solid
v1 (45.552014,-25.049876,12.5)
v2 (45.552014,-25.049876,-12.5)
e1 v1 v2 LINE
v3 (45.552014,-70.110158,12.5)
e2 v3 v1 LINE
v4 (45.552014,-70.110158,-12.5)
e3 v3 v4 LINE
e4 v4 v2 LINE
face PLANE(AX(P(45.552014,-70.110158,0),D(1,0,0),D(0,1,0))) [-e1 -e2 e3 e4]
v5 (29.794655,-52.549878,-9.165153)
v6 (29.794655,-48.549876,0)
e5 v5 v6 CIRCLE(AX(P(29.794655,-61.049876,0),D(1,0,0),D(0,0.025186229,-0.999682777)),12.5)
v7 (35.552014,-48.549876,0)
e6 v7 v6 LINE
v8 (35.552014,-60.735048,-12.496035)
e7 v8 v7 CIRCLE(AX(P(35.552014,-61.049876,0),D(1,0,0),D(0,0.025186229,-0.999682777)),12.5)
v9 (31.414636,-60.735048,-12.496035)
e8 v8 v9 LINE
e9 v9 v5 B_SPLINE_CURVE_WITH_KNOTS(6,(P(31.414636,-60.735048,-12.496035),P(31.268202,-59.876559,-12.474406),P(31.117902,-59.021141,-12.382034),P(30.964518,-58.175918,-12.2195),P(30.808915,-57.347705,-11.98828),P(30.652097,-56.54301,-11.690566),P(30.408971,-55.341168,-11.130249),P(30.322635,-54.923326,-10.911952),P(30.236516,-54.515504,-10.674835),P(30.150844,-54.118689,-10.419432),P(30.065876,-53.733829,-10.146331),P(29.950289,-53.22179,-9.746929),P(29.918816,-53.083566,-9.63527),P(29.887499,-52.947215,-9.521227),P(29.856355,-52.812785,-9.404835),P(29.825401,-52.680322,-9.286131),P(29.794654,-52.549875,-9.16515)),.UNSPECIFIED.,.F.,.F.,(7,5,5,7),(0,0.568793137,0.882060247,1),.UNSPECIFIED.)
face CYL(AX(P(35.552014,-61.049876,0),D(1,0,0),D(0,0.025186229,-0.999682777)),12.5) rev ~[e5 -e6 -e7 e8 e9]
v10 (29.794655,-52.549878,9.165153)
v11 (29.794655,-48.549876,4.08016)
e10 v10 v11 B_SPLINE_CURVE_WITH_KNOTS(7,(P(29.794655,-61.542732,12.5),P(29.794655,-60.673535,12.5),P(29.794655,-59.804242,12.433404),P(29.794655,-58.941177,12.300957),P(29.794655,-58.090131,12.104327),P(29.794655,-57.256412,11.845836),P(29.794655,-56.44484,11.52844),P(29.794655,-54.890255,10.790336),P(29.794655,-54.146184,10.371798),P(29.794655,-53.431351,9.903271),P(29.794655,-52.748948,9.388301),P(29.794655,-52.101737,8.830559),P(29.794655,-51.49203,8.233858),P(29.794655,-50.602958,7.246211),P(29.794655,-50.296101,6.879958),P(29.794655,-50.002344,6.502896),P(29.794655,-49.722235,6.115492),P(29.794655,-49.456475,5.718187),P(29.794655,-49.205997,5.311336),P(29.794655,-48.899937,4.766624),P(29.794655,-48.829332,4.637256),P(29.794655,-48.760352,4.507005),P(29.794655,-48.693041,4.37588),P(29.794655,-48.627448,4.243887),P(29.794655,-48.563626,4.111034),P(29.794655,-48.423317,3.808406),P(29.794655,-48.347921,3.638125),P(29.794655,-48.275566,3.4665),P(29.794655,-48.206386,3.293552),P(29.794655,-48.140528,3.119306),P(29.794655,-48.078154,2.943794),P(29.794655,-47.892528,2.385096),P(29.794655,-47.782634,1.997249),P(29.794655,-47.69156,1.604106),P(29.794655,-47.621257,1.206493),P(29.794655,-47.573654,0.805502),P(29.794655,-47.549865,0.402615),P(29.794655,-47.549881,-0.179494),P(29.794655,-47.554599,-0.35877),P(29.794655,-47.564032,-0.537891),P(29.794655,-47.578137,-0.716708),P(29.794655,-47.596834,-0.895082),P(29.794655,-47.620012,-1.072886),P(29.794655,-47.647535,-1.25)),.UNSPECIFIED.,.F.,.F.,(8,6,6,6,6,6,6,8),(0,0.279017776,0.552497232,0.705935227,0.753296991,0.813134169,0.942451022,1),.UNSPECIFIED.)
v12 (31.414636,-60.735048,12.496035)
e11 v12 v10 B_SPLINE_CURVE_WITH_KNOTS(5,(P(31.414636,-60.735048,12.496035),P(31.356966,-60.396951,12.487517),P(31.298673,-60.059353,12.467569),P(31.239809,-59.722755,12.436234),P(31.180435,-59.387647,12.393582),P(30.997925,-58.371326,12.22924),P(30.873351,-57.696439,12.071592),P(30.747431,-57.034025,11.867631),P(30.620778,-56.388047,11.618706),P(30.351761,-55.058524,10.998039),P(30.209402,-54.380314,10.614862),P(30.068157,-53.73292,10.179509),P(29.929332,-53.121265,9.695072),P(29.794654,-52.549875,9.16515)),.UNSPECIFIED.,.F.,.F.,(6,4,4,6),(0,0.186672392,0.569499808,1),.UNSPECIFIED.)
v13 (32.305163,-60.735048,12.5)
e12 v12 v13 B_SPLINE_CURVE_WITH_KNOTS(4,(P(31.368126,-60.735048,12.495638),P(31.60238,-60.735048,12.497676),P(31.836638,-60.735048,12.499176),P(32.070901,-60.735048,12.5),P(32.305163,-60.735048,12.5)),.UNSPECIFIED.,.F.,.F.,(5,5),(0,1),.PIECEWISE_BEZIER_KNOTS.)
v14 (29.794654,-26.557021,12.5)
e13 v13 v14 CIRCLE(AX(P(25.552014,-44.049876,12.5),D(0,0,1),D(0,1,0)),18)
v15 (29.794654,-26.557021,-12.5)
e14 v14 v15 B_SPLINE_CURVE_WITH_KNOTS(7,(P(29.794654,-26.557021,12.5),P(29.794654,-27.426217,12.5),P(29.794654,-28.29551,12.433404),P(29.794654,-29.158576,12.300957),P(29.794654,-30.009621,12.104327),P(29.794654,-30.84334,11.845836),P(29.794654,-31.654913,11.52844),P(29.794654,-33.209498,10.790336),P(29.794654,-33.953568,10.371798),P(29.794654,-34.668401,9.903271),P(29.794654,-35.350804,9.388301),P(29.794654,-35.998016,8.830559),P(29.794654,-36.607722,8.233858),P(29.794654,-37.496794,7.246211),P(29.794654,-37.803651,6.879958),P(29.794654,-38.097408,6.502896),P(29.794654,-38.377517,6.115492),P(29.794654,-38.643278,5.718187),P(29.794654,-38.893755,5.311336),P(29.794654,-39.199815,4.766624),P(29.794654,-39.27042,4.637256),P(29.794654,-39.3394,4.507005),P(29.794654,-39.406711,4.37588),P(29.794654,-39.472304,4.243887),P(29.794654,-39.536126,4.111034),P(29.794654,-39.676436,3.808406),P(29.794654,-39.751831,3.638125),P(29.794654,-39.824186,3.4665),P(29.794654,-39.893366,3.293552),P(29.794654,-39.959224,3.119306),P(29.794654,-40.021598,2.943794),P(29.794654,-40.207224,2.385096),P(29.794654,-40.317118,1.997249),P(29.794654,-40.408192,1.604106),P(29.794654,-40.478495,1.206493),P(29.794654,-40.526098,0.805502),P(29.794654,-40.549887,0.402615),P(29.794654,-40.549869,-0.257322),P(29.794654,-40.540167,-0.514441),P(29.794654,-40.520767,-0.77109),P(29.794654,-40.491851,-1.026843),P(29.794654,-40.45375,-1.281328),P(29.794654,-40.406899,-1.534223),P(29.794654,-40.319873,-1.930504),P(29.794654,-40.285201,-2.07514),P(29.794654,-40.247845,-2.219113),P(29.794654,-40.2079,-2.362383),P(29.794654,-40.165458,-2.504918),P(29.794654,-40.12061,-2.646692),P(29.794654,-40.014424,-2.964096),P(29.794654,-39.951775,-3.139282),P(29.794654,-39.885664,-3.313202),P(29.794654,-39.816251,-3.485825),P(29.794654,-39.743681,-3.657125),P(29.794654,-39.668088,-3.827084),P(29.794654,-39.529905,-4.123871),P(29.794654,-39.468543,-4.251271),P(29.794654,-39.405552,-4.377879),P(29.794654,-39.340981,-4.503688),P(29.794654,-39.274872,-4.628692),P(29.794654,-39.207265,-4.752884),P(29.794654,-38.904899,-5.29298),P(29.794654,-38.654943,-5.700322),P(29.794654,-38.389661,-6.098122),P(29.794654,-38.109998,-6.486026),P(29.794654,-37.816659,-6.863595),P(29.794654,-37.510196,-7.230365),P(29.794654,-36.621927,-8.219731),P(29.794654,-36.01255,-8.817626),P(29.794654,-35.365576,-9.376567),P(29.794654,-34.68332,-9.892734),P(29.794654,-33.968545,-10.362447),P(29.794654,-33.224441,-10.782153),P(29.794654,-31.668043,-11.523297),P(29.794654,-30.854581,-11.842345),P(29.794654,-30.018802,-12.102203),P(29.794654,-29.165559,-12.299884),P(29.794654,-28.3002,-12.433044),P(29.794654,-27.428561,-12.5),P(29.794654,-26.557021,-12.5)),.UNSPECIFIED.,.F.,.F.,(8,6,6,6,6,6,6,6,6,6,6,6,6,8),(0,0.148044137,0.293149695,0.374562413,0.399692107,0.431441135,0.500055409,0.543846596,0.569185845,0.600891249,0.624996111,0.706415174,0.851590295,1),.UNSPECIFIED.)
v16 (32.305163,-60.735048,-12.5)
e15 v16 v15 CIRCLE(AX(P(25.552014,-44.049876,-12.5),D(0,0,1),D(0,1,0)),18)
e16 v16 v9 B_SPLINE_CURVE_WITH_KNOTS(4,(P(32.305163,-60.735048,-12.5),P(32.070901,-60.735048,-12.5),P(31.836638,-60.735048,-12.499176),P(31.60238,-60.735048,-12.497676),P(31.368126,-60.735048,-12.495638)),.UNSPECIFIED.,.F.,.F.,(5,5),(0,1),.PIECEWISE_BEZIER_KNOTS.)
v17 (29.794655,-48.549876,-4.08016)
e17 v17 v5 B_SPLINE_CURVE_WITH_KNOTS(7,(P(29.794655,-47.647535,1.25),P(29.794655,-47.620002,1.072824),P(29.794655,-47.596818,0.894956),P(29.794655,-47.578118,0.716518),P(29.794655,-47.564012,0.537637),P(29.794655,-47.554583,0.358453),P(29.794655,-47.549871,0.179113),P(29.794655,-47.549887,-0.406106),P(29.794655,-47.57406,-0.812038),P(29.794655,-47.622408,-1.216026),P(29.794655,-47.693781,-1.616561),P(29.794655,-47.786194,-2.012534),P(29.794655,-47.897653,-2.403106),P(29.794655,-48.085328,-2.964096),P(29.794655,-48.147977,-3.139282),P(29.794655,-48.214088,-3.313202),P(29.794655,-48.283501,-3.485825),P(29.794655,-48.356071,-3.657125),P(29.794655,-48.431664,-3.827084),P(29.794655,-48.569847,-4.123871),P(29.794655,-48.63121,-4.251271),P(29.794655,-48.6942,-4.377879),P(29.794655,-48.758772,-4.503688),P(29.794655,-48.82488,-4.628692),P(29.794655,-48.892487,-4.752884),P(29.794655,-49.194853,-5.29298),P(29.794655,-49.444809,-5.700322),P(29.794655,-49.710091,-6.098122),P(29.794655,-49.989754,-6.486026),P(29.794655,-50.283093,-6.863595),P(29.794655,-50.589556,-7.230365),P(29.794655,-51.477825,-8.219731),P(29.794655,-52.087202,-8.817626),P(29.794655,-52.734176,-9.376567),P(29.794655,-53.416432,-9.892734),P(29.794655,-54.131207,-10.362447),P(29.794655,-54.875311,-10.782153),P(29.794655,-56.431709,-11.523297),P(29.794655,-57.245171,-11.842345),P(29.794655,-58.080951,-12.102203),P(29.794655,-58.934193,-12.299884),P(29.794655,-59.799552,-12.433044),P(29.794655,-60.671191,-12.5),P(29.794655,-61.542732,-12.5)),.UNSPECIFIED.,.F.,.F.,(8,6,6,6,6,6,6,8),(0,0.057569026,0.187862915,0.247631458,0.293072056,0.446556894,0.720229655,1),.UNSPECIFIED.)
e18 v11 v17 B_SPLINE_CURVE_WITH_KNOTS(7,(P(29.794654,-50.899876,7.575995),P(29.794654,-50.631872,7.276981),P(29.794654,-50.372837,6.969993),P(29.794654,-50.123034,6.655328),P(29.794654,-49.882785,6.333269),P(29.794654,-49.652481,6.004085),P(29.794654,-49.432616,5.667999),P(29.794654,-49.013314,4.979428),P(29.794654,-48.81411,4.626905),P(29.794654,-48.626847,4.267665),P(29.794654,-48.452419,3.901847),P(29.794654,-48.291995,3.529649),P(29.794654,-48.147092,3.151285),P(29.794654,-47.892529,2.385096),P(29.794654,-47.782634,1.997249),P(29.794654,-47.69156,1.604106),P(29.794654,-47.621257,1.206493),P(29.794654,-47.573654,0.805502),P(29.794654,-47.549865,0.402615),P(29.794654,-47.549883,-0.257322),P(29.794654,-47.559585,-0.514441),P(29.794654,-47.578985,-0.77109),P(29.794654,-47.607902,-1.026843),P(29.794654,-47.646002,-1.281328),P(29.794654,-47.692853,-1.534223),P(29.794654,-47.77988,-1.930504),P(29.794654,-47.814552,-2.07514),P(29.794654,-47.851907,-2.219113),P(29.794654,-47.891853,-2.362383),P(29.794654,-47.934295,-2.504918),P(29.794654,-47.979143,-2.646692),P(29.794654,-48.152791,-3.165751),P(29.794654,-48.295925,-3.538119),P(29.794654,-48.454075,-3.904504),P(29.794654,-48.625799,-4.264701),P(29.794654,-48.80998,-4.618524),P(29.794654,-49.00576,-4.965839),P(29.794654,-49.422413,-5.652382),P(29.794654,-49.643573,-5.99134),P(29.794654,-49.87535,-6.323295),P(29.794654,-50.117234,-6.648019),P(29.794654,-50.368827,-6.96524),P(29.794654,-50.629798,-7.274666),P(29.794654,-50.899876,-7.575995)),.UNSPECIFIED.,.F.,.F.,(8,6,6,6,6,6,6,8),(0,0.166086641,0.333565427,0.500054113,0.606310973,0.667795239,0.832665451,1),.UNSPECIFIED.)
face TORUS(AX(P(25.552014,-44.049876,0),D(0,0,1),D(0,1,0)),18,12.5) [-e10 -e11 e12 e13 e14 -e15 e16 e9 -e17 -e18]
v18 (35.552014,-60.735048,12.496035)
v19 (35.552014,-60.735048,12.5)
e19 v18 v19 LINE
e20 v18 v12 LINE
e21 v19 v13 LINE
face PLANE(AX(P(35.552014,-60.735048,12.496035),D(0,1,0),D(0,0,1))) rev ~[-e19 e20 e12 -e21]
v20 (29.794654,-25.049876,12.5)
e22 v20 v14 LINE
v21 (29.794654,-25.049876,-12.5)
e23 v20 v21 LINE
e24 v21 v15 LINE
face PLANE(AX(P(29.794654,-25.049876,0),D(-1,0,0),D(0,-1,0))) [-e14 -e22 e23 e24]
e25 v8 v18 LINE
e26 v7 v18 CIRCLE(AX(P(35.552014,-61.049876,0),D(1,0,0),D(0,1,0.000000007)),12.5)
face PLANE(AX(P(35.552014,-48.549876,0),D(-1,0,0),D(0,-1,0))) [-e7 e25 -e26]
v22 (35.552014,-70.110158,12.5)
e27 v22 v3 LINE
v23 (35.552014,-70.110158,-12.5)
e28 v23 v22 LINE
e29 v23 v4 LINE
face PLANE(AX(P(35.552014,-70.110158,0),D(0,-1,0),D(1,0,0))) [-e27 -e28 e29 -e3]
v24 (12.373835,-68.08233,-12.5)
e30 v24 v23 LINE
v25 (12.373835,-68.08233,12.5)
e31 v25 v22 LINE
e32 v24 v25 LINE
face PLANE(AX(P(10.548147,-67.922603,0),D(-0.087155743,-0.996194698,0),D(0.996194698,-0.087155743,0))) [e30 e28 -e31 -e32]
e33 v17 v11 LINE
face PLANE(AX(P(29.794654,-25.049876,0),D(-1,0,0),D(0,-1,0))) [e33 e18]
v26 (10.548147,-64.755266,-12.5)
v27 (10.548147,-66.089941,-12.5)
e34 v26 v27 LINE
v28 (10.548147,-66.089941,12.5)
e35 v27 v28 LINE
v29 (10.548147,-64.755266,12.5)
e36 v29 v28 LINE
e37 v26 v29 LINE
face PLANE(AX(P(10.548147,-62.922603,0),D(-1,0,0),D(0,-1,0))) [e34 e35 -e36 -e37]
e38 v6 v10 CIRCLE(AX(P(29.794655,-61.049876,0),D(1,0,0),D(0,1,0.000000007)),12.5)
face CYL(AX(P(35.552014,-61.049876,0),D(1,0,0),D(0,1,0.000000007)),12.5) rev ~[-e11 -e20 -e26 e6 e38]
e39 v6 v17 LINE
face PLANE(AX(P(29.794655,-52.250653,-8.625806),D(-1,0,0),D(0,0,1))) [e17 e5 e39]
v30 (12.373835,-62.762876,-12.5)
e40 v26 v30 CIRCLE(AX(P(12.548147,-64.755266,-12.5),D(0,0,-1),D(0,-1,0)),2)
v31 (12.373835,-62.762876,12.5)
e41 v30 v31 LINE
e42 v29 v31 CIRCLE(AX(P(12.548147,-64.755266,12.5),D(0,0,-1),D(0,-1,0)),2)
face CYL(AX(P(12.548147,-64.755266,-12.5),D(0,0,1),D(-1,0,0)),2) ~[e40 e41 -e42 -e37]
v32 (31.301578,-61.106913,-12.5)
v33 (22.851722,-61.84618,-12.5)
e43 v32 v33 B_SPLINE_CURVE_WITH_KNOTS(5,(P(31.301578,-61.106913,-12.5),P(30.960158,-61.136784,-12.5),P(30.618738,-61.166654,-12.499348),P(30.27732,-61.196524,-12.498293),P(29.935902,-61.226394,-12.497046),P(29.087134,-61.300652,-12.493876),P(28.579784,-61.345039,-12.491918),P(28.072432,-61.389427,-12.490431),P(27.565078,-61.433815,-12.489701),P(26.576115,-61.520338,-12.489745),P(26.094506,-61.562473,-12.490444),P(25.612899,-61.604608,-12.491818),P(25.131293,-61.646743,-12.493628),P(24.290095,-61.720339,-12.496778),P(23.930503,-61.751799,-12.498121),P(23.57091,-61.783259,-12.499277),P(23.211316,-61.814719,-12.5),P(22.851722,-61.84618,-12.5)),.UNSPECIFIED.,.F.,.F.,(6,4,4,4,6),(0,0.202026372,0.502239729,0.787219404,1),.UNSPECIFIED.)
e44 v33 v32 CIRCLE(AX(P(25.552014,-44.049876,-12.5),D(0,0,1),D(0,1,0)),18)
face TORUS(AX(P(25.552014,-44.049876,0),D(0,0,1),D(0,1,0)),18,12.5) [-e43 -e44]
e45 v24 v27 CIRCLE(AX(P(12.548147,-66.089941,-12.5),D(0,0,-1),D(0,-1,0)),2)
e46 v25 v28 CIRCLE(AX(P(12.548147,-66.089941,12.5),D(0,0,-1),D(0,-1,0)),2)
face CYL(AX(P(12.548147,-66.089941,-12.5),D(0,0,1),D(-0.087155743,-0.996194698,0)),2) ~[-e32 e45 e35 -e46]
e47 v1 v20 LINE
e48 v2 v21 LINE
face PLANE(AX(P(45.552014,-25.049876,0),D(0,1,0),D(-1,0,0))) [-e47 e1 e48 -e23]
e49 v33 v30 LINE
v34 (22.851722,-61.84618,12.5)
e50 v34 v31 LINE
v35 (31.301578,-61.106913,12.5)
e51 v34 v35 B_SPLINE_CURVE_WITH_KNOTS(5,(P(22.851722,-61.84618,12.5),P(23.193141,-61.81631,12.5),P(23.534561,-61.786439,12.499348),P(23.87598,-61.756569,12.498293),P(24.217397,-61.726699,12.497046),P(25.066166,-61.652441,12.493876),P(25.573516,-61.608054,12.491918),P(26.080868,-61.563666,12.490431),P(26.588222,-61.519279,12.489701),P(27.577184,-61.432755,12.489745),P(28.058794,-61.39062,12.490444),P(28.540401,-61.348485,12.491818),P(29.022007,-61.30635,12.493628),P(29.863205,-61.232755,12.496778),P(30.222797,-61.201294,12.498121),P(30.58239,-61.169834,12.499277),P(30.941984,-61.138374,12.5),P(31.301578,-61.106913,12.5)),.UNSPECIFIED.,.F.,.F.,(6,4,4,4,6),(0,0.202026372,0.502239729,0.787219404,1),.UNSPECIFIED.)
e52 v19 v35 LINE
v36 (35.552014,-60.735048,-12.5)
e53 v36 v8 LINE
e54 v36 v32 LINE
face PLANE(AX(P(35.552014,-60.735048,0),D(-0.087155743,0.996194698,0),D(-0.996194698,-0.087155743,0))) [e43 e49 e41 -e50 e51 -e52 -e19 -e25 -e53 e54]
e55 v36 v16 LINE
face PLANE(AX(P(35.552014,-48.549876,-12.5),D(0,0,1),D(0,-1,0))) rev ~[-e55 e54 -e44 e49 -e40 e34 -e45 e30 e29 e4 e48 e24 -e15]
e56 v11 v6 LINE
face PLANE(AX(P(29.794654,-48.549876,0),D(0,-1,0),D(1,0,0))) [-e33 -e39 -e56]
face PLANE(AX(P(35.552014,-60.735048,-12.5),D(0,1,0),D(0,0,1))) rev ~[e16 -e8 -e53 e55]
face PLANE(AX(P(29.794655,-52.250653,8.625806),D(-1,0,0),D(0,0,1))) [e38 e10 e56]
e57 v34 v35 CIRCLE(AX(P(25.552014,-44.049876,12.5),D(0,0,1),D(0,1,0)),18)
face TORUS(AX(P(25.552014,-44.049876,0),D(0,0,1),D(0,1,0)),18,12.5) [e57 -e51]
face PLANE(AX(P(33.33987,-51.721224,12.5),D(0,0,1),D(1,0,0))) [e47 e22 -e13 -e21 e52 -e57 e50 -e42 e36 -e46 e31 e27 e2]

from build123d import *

# Parameters (mm, degrees)
BOSS_EXTRUDE1_DEPTH = 12.5
BOSS_EXTRUDE2_DEPTH = 5.757359
FILLET2_R           = 2


with BuildPart() as part:
    # Sketch2 → Boss-Extrude1 (new, symmetric)
    with BuildSketch(Plane.XY):
        Polygon((29.794654385, -25.049876185), (29.794654385, -48.549876185), (35.552013698, -48.549876185), (35.552013698, -60.735048324), (10.548146707, -62.92260323), (10.548146707, -67.92260323), (35.552013698, -70.110158136), (45.552013698, -70.110158136), (45.552013698, -25.049876185), align=None)
    extrude(amount=BOSS_EXTRUDE1_DEPTH, both=True)

    # Sketch4 → Boss-Extrude2 (add)
    with BuildSketch(Plane.ZY.offset(-35.552013698)):
        with BuildLine():
            Line((-12.5, -48.549876185), (-12.5, -60.735048324))
            Line((-12.5, -60.735048324), (-12.496034708, -60.735048324))
            ThreePointArc((-12.496034708, -60.735048324), (-8.726816448, -52.100425102), (8.7e-08, -48.549876185))
            Line((8.7e-08, -48.549876185), (-12.5, -48.549876185))
        make_face()
        with BuildLine():
            Line((12.5, -48.549876185), (8.7e-08, -48.549876185))
            ThreePointArc((8.7e-08, -48.549876185), (8.726816511, -52.100425163), (12.496034708, -60.735048324))
            Line((12.496034708, -60.735048324), (12.5, -60.735048324))
            Line((12.5, -60.735048324), (12.5, -48.549876185))
        make_face()
    extrude(amount=BOSS_EXTRUDE2_DEPTH)

    # Sketch3 → Cut-Revolve1 (revolve, cut)
    with BuildSketch(Plane.ZY.offset(-25.552013698)):
        with BuildLine():
            Line((-12.5, -44.049876185), (12.5, -44.049876185))
            Line((12.5, -44.049876185), (12.5, -26.049876185))
            ThreePointArc((12.5, -26.049876185), (0, -38.549876185), (-12.5, -26.049876185))
            Line((-12.5, -26.049876185), (-12.5, -44.049876185))
        make_face()
    revolve(axis=Axis((25.552013698, -44.049876185, -12.5), (0, 0, 1)), mode=Mode.SUBTRACT)

    # Fillet2
    fillet2_edges = [part.edges().sort_by_distance(p)[0] for p in [
        (10.548146707, -67.92260323, 0),
        (10.548146707, -62.92260323, 0),
    ]]
    fillet(fillet2_edges, radius=FILLET2_R)


solid = part.part
